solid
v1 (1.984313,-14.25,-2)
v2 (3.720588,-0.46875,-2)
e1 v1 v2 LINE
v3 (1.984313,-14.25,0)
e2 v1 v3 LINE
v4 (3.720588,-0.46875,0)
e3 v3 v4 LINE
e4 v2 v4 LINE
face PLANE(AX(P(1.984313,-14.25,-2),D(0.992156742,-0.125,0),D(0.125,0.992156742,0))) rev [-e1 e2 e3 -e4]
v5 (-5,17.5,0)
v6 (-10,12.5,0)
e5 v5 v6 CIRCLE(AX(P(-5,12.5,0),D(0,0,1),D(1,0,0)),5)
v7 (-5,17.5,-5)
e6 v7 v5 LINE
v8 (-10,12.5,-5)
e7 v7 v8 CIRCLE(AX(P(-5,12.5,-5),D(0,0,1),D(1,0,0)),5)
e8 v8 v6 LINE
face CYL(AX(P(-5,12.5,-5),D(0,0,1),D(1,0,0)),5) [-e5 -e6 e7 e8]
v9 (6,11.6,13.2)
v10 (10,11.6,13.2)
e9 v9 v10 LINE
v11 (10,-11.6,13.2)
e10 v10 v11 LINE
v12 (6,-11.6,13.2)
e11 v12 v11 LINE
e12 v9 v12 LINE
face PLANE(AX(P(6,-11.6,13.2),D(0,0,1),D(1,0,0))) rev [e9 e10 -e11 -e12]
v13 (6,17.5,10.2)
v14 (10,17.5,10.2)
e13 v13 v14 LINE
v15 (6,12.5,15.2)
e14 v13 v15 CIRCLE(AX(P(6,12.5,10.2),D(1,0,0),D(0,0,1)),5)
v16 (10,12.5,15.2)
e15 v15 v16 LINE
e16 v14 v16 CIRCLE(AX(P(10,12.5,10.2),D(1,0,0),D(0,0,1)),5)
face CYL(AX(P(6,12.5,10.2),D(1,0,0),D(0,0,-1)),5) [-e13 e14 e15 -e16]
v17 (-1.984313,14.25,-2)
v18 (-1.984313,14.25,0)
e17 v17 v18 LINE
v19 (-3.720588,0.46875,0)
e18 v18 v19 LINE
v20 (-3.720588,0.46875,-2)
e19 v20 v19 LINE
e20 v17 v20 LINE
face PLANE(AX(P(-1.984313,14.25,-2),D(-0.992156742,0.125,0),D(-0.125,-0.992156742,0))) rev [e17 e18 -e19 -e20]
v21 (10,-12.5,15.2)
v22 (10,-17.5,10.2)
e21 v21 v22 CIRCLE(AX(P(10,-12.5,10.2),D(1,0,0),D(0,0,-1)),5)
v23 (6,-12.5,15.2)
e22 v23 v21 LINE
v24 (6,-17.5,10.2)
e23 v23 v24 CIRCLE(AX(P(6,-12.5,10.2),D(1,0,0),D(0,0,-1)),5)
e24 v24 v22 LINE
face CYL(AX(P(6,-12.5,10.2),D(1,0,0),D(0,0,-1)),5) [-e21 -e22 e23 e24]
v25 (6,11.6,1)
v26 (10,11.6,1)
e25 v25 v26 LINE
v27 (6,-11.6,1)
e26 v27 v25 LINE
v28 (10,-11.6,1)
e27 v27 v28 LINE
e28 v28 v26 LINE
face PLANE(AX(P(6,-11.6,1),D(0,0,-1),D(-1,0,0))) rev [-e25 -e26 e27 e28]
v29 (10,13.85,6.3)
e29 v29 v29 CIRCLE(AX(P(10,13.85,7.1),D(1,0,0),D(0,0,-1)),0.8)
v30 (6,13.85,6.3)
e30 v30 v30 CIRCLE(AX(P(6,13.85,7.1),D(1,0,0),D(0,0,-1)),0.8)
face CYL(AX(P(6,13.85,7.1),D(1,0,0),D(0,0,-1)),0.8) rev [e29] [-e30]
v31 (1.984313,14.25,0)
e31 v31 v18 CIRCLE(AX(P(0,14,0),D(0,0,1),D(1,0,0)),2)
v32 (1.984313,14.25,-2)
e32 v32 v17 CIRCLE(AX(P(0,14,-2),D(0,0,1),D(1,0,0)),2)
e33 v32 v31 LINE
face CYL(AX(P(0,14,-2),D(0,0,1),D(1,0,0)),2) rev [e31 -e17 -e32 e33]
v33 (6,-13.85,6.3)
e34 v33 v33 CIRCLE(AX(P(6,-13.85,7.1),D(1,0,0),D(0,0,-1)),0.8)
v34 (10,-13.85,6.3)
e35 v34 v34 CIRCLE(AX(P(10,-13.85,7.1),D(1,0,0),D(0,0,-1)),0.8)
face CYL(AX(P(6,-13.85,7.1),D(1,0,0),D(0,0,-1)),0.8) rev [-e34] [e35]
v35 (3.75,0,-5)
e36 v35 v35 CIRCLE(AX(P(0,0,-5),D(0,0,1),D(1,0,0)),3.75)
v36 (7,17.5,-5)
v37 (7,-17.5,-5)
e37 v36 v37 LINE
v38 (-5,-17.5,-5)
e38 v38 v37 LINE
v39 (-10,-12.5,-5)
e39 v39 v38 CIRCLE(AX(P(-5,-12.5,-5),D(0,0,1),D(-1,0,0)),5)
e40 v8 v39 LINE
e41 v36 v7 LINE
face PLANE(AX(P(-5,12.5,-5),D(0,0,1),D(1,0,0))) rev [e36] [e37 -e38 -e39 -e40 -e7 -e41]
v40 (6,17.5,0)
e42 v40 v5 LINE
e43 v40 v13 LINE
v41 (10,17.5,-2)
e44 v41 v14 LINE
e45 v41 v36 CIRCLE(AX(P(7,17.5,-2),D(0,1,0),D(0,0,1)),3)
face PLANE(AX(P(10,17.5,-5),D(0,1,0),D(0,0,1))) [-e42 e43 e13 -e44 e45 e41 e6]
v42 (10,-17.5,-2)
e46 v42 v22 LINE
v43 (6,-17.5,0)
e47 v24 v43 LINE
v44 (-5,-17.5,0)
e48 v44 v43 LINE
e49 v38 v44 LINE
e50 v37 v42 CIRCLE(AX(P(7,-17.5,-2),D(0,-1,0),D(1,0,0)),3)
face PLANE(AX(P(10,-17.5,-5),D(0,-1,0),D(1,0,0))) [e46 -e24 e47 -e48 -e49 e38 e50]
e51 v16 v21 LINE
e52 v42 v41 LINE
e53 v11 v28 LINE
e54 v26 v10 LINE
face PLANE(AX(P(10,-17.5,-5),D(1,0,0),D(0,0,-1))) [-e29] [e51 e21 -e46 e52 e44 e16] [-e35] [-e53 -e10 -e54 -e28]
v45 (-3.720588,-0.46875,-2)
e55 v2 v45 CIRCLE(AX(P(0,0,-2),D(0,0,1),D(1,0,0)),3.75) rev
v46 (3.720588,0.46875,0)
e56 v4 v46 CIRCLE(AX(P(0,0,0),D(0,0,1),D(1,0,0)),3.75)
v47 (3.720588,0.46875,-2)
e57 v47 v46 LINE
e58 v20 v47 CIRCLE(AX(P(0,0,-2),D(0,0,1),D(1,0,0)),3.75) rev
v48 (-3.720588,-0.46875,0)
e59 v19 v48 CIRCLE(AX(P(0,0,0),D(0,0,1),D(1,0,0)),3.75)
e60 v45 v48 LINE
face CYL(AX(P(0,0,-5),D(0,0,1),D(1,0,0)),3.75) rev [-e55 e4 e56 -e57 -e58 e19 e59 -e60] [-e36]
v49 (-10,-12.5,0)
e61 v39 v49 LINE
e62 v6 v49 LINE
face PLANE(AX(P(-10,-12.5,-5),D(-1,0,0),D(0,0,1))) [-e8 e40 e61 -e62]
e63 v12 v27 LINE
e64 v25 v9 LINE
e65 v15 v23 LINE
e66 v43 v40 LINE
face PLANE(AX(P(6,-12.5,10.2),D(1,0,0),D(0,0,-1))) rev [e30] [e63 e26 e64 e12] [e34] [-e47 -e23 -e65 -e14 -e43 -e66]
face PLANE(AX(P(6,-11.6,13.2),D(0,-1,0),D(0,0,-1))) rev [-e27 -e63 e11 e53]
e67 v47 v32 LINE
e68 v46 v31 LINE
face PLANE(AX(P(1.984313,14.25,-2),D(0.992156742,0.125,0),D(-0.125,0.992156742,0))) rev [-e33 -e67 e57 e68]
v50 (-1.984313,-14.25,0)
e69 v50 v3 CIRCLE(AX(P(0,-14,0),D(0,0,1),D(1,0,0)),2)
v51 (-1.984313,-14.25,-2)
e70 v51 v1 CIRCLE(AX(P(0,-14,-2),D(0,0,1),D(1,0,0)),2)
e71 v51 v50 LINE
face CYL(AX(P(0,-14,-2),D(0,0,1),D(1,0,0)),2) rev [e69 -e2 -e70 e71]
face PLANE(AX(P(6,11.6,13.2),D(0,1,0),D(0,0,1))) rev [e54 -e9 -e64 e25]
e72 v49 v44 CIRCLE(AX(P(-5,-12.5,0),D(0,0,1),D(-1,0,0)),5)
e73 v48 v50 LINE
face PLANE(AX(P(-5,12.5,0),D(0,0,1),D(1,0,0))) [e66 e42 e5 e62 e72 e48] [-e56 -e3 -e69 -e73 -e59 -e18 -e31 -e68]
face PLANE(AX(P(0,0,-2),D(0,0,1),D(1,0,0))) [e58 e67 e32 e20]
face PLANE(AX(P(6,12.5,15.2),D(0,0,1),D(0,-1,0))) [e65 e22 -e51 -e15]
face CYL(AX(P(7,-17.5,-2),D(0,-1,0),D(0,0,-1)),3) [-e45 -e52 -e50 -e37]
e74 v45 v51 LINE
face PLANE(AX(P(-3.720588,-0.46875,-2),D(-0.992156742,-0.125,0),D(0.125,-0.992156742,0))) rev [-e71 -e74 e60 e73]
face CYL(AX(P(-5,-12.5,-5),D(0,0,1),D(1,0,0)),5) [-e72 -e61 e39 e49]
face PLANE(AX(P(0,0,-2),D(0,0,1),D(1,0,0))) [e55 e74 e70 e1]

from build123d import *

# Parameters (mm, degrees)
SKETCH1_R           = 3.75
BOSS_EXTRUDE1_DEPTH = 5
CUT_EXTRUDE2_DEPTH  = 2
SKETCH5_R           = 0.8
SKETCH5_W           = 12.2
SKETCH5_H           = 23.2
BOSS_EXTRUDE2_DEPTH = 4
FILLET1_R           = 3


with BuildPart() as part:
    # Sketch1 → Boss-Extrude1 (new body)
    with BuildSketch(Plane.XY):
        with BuildLine():
            Line((10, -17.5), (-5, -17.5))
            ThreePointArc((-5, -17.5), (-8.535533906, -16.035533906), (-10, -12.5))
            Line((-10, -12.5), (-10, 12.5))
            ThreePointArc((-10, 12.5), (-8.535533906, 16.035533906), (-5, 17.5))
            Line((-5, 17.5), (10, 17.5))
            Line((10, 17.5), (10, -17.5))
        make_face()
        Circle(SKETCH1_R, mode=Mode.SUBTRACT)
    extrude(amount=-BOSS_EXTRUDE1_DEPTH)

    # Sketch3 → Cut-Extrude2 (cut)
    with BuildSketch(Plane.XY):
        with BuildLine():
            Line((-1.984313483, 14.25), (-3.720587781, 0.46875))
            ThreePointArc((-3.720587781, 0.46875), (-3.75, 0), (-3.720587781, -0.46875))
            Line((-3.720587781, -0.46875), (-1.984313483, -14.25))
            ThreePointArc((-1.984313483, -14.25), (0, -16), (1.984313483, -14.25))
            Line((1.984313483, -14.25), (3.720587781, -0.46875))
            ThreePointArc((3.720587781, -0.46875), (3.75, 0), (3.720587781, 0.46875))
            Line((3.720587781, 0.46875), (1.984313483, 14.25))
            ThreePointArc((1.984313483, 14.25), (0, 16), (-1.984313483, 14.25))
        make_face()
    extrude(amount=-CUT_EXTRUDE2_DEPTH, mode=Mode.SUBTRACT)

    # Sketch5 → Boss-Extrude2 (add)
    with BuildSketch(Plane(origin=(10, 0, 0), x_dir=(0, 0, -1), z_dir=(1, 0, 0))):
        with BuildLine():
            Line((5, 17.5), (-10.2, 17.5))
            ThreePointArc((-10.2, 17.5), (-13.735533906, 16.035533906), (-15.2, 12.5))
            Line((-15.2, 12.5), (-15.2, -12.5))
            ThreePointArc((-15.2, -12.5), (-13.735533906, -16.035533906), (-10.2, -17.5))
            Line((-10.2, -17.5), (5, -17.5))
            Line((5, -17.5), (5, 17.5))
        make_face()
        with Locations((-7.1, 13.85)):
            Circle(SKETCH5_R, mode=Mode.SUBTRACT)
        with Locations((-7.1, -13.85)):
            Circle(SKETCH5_R, mode=Mode.SUBTRACT)
        with Locations((-7.1, 0)):
            Rectangle(SKETCH5_W, SKETCH5_H, mode=Mode.SUBTRACT)
    extrude(amount=-BOSS_EXTRUDE2_DEPTH)

    # Fillet1
    fillet1_edges = [part.edges().sort_by_distance(p)[0] for p in [
        (10, 0, -5),
    ]]
    fillet(fillet1_edges, radius=FILLET1_R)


solid = part.part
